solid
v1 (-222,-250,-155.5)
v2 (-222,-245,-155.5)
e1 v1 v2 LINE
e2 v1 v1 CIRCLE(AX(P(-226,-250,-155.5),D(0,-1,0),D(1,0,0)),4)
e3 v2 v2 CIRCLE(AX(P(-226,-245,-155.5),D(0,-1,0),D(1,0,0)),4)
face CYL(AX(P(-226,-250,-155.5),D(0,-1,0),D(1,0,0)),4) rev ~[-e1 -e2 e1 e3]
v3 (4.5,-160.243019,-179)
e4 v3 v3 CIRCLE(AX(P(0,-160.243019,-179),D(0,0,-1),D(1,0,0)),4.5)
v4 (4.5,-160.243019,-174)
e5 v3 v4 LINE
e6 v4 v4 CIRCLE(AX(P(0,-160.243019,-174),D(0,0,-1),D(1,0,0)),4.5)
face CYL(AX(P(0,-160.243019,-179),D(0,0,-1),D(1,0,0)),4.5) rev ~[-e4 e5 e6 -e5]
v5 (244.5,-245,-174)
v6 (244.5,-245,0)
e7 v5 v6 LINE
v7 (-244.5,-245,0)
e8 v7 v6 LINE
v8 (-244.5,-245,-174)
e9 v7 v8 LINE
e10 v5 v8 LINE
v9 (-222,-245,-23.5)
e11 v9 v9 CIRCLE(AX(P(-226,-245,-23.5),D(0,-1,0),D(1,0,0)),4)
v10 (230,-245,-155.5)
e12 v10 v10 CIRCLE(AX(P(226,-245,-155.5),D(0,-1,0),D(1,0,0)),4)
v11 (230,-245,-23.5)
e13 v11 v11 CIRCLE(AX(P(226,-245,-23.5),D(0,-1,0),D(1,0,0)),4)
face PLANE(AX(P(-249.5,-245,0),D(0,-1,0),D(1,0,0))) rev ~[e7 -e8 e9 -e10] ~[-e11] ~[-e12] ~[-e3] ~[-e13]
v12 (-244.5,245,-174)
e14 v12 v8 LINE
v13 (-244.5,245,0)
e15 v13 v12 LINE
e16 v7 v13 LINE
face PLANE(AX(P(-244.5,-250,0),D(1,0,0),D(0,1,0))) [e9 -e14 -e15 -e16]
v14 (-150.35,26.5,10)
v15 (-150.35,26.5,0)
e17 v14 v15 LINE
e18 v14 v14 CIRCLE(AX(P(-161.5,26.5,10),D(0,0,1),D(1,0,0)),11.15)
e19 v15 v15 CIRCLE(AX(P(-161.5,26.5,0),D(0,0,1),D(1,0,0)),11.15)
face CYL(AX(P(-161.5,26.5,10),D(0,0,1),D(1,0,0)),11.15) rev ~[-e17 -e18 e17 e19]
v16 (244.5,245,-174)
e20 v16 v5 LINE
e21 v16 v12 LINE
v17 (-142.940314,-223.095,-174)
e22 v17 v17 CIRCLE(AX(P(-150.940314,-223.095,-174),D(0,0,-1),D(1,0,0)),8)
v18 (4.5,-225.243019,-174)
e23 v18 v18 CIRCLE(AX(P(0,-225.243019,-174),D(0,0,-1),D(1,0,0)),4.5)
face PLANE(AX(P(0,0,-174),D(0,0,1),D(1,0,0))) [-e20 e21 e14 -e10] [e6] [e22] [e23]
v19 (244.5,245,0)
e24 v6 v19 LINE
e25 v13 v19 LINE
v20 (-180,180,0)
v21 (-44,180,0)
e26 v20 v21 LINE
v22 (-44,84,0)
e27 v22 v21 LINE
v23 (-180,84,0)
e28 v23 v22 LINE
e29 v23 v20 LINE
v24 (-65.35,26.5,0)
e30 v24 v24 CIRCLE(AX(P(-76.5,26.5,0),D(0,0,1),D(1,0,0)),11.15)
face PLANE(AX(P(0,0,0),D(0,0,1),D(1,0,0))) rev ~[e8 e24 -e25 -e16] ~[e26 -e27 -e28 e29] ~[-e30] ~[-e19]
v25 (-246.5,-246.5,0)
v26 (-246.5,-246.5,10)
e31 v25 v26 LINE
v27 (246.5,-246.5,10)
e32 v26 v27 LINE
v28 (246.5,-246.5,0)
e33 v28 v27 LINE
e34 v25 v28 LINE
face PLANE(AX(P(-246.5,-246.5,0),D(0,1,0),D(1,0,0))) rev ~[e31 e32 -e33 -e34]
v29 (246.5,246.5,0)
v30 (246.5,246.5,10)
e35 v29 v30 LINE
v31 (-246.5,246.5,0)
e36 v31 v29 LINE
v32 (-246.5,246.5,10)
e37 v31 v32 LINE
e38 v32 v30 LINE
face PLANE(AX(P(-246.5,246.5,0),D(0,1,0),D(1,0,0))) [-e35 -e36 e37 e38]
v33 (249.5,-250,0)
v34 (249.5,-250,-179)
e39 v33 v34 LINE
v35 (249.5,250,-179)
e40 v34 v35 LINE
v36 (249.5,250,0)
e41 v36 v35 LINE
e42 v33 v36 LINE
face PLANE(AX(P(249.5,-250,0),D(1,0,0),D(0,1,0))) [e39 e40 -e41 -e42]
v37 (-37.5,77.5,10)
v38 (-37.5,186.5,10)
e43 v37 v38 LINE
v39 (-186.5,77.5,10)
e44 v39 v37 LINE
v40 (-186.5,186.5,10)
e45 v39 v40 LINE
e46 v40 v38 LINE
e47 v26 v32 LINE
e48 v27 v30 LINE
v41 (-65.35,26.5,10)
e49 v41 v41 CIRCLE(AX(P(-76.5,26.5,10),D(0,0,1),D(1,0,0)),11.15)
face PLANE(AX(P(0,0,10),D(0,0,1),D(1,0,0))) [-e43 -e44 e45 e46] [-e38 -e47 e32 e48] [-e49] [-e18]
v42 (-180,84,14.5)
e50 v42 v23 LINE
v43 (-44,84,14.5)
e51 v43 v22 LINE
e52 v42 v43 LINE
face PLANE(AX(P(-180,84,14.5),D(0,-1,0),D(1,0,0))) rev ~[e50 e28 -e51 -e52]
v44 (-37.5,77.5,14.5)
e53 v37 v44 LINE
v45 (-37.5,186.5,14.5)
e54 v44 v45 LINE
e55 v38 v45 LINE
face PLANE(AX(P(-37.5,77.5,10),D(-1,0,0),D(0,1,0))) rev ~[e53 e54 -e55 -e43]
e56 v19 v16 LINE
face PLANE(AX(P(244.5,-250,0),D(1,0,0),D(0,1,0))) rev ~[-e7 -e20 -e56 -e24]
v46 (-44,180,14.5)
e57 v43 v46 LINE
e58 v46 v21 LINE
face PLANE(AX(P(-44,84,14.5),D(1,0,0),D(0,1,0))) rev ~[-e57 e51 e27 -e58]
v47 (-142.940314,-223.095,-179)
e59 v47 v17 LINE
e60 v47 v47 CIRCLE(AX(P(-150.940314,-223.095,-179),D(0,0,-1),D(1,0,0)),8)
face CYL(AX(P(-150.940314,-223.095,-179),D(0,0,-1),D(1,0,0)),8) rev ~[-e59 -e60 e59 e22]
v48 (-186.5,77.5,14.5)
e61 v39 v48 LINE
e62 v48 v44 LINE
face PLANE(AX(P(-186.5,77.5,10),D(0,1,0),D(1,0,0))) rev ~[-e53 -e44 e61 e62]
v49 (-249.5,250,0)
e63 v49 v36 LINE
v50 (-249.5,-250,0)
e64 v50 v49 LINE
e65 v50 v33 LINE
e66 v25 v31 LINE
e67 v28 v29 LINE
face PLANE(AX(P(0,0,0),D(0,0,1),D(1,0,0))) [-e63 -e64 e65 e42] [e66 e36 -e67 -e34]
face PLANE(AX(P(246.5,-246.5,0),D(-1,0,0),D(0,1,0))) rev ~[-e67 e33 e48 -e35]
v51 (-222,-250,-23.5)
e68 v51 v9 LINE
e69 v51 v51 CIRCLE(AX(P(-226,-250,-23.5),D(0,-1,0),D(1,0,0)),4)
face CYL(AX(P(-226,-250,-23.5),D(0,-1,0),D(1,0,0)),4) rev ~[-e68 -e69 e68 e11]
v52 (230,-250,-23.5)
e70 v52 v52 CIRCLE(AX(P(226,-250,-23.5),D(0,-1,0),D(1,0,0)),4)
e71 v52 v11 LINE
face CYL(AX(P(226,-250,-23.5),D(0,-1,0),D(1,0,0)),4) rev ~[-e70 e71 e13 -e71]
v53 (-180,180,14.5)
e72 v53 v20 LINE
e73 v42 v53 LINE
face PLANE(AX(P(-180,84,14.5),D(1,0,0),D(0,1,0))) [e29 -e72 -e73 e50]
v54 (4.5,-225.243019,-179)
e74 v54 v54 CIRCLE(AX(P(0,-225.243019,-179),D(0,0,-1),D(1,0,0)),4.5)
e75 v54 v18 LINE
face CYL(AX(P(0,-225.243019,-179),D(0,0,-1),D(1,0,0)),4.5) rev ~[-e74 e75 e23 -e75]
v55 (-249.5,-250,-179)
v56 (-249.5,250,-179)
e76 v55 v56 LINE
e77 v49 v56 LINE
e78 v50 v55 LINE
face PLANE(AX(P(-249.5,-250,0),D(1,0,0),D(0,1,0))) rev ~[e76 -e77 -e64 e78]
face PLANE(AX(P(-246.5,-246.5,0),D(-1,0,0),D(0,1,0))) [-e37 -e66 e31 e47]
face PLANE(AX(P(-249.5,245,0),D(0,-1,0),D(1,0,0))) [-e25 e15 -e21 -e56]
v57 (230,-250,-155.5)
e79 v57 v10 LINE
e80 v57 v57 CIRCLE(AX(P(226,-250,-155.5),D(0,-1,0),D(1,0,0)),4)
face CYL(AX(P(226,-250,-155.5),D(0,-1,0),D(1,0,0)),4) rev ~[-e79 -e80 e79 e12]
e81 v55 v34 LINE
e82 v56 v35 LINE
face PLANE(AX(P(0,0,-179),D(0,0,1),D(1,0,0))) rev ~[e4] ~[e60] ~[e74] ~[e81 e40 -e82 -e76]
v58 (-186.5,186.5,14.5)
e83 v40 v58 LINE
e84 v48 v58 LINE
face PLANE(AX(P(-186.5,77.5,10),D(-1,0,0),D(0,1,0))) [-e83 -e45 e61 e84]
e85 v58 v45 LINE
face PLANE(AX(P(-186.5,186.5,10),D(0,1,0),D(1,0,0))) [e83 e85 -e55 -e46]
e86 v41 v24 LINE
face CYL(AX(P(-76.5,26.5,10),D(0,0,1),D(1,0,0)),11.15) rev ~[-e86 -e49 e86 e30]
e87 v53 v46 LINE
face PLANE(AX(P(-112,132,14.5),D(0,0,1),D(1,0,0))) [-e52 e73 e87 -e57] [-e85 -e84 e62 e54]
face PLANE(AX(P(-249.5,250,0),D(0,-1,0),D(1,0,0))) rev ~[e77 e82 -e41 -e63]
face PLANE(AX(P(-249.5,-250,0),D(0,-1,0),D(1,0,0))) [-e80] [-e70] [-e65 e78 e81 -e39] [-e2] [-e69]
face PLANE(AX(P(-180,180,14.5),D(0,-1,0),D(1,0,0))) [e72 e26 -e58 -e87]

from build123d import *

# Parameters (mm, degrees)
F0_W      = 499
F0_H      = 500
F1_DEPTH  = 179
F2_T      = -5
F3_W      = 493
F3_H      = 493
F4_DEPTH  = 10
F5_W      = 149
F5_H      = 109
F6_DEPTH  = 4.5
F7_W      = 136
F7_H      = 96
F8_DEPTH  = 60.5
F9_R      = 11.15
F10_DEPTH = 25
F11_R     = 8
F11_R_2   = 4.5
F12_DEPTH = 25
F13_R     = 4
F14_DEPTH = 10


with BuildPart() as f1:
    # F0 (on Top) → F1 (new body)
    with BuildSketch(Plane.XY):
        Rectangle(F0_W, F0_H)
    extrude(amount=-F1_DEPTH)

    # F2
    f2_openings = [f1.faces().sort_by_distance(p)[0] for p in [
        (0, 0, 0),
    ]]
    offset(amount=F2_T, openings=f2_openings)

    # F3 (on Top) → F4 (join)
    with BuildSketch(Plane.XY):
        Rectangle(F3_W, F3_H)
    extrude(amount=F4_DEPTH)

    # F5 (on face) → F6 (join)
    with BuildSketch(Plane.XY.offset(10)):
        with Locations((-112, 132)):
            Rectangle(F5_W, F5_H)
    extrude(amount=F6_DEPTH)

    # F7 (on face) → F8 (cut)
    with BuildSketch(Plane.XY.offset(14.5)):
        with Locations((-112, 132)):
            Rectangle(F7_W, F7_H)
    extrude(amount=-F8_DEPTH, mode=Mode.SUBTRACT)

    # F9 (on face) → F10 (cut)
    with BuildSketch(Plane.XY.offset(10)):
        with Locations((-76.5, 26.5)):
            Circle(F9_R)
        with Locations((-161.5, 26.5)):
            Circle(F9_R)
    extrude(amount=-F10_DEPTH, mode=Mode.SUBTRACT)

    # F11 (on face) → F12 (cut)
    with BuildSketch(Plane(origin=(0, 0, -179), x_dir=(1, 0, 0), z_dir=(0, 0, -1))):
        with Locations((-150.940314, 223.095)):
            Circle(F11_R)
        with Locations((0, 160.243019)):
            Circle(F11_R_2)
        with Locations((0, 225.243019)):
            Circle(F11_R_2)
    extrude(amount=-F12_DEPTH, mode=Mode.SUBTRACT)

    # F13 (on face) → F14 (cut)
    with BuildSketch(Plane.XZ.offset(250)):
        with Locations((-226, -23.5)):
            Circle(F13_R)
        with Locations((-226, -155.5)):
            Circle(F13_R)
        with Locations((226, -155.5)):
            Circle(F13_R)
        with Locations((226, -23.5)):
            Circle(F13_R)
    extrude(amount=-F14_DEPTH, mode=Mode.SUBTRACT)


solid = f1.part
